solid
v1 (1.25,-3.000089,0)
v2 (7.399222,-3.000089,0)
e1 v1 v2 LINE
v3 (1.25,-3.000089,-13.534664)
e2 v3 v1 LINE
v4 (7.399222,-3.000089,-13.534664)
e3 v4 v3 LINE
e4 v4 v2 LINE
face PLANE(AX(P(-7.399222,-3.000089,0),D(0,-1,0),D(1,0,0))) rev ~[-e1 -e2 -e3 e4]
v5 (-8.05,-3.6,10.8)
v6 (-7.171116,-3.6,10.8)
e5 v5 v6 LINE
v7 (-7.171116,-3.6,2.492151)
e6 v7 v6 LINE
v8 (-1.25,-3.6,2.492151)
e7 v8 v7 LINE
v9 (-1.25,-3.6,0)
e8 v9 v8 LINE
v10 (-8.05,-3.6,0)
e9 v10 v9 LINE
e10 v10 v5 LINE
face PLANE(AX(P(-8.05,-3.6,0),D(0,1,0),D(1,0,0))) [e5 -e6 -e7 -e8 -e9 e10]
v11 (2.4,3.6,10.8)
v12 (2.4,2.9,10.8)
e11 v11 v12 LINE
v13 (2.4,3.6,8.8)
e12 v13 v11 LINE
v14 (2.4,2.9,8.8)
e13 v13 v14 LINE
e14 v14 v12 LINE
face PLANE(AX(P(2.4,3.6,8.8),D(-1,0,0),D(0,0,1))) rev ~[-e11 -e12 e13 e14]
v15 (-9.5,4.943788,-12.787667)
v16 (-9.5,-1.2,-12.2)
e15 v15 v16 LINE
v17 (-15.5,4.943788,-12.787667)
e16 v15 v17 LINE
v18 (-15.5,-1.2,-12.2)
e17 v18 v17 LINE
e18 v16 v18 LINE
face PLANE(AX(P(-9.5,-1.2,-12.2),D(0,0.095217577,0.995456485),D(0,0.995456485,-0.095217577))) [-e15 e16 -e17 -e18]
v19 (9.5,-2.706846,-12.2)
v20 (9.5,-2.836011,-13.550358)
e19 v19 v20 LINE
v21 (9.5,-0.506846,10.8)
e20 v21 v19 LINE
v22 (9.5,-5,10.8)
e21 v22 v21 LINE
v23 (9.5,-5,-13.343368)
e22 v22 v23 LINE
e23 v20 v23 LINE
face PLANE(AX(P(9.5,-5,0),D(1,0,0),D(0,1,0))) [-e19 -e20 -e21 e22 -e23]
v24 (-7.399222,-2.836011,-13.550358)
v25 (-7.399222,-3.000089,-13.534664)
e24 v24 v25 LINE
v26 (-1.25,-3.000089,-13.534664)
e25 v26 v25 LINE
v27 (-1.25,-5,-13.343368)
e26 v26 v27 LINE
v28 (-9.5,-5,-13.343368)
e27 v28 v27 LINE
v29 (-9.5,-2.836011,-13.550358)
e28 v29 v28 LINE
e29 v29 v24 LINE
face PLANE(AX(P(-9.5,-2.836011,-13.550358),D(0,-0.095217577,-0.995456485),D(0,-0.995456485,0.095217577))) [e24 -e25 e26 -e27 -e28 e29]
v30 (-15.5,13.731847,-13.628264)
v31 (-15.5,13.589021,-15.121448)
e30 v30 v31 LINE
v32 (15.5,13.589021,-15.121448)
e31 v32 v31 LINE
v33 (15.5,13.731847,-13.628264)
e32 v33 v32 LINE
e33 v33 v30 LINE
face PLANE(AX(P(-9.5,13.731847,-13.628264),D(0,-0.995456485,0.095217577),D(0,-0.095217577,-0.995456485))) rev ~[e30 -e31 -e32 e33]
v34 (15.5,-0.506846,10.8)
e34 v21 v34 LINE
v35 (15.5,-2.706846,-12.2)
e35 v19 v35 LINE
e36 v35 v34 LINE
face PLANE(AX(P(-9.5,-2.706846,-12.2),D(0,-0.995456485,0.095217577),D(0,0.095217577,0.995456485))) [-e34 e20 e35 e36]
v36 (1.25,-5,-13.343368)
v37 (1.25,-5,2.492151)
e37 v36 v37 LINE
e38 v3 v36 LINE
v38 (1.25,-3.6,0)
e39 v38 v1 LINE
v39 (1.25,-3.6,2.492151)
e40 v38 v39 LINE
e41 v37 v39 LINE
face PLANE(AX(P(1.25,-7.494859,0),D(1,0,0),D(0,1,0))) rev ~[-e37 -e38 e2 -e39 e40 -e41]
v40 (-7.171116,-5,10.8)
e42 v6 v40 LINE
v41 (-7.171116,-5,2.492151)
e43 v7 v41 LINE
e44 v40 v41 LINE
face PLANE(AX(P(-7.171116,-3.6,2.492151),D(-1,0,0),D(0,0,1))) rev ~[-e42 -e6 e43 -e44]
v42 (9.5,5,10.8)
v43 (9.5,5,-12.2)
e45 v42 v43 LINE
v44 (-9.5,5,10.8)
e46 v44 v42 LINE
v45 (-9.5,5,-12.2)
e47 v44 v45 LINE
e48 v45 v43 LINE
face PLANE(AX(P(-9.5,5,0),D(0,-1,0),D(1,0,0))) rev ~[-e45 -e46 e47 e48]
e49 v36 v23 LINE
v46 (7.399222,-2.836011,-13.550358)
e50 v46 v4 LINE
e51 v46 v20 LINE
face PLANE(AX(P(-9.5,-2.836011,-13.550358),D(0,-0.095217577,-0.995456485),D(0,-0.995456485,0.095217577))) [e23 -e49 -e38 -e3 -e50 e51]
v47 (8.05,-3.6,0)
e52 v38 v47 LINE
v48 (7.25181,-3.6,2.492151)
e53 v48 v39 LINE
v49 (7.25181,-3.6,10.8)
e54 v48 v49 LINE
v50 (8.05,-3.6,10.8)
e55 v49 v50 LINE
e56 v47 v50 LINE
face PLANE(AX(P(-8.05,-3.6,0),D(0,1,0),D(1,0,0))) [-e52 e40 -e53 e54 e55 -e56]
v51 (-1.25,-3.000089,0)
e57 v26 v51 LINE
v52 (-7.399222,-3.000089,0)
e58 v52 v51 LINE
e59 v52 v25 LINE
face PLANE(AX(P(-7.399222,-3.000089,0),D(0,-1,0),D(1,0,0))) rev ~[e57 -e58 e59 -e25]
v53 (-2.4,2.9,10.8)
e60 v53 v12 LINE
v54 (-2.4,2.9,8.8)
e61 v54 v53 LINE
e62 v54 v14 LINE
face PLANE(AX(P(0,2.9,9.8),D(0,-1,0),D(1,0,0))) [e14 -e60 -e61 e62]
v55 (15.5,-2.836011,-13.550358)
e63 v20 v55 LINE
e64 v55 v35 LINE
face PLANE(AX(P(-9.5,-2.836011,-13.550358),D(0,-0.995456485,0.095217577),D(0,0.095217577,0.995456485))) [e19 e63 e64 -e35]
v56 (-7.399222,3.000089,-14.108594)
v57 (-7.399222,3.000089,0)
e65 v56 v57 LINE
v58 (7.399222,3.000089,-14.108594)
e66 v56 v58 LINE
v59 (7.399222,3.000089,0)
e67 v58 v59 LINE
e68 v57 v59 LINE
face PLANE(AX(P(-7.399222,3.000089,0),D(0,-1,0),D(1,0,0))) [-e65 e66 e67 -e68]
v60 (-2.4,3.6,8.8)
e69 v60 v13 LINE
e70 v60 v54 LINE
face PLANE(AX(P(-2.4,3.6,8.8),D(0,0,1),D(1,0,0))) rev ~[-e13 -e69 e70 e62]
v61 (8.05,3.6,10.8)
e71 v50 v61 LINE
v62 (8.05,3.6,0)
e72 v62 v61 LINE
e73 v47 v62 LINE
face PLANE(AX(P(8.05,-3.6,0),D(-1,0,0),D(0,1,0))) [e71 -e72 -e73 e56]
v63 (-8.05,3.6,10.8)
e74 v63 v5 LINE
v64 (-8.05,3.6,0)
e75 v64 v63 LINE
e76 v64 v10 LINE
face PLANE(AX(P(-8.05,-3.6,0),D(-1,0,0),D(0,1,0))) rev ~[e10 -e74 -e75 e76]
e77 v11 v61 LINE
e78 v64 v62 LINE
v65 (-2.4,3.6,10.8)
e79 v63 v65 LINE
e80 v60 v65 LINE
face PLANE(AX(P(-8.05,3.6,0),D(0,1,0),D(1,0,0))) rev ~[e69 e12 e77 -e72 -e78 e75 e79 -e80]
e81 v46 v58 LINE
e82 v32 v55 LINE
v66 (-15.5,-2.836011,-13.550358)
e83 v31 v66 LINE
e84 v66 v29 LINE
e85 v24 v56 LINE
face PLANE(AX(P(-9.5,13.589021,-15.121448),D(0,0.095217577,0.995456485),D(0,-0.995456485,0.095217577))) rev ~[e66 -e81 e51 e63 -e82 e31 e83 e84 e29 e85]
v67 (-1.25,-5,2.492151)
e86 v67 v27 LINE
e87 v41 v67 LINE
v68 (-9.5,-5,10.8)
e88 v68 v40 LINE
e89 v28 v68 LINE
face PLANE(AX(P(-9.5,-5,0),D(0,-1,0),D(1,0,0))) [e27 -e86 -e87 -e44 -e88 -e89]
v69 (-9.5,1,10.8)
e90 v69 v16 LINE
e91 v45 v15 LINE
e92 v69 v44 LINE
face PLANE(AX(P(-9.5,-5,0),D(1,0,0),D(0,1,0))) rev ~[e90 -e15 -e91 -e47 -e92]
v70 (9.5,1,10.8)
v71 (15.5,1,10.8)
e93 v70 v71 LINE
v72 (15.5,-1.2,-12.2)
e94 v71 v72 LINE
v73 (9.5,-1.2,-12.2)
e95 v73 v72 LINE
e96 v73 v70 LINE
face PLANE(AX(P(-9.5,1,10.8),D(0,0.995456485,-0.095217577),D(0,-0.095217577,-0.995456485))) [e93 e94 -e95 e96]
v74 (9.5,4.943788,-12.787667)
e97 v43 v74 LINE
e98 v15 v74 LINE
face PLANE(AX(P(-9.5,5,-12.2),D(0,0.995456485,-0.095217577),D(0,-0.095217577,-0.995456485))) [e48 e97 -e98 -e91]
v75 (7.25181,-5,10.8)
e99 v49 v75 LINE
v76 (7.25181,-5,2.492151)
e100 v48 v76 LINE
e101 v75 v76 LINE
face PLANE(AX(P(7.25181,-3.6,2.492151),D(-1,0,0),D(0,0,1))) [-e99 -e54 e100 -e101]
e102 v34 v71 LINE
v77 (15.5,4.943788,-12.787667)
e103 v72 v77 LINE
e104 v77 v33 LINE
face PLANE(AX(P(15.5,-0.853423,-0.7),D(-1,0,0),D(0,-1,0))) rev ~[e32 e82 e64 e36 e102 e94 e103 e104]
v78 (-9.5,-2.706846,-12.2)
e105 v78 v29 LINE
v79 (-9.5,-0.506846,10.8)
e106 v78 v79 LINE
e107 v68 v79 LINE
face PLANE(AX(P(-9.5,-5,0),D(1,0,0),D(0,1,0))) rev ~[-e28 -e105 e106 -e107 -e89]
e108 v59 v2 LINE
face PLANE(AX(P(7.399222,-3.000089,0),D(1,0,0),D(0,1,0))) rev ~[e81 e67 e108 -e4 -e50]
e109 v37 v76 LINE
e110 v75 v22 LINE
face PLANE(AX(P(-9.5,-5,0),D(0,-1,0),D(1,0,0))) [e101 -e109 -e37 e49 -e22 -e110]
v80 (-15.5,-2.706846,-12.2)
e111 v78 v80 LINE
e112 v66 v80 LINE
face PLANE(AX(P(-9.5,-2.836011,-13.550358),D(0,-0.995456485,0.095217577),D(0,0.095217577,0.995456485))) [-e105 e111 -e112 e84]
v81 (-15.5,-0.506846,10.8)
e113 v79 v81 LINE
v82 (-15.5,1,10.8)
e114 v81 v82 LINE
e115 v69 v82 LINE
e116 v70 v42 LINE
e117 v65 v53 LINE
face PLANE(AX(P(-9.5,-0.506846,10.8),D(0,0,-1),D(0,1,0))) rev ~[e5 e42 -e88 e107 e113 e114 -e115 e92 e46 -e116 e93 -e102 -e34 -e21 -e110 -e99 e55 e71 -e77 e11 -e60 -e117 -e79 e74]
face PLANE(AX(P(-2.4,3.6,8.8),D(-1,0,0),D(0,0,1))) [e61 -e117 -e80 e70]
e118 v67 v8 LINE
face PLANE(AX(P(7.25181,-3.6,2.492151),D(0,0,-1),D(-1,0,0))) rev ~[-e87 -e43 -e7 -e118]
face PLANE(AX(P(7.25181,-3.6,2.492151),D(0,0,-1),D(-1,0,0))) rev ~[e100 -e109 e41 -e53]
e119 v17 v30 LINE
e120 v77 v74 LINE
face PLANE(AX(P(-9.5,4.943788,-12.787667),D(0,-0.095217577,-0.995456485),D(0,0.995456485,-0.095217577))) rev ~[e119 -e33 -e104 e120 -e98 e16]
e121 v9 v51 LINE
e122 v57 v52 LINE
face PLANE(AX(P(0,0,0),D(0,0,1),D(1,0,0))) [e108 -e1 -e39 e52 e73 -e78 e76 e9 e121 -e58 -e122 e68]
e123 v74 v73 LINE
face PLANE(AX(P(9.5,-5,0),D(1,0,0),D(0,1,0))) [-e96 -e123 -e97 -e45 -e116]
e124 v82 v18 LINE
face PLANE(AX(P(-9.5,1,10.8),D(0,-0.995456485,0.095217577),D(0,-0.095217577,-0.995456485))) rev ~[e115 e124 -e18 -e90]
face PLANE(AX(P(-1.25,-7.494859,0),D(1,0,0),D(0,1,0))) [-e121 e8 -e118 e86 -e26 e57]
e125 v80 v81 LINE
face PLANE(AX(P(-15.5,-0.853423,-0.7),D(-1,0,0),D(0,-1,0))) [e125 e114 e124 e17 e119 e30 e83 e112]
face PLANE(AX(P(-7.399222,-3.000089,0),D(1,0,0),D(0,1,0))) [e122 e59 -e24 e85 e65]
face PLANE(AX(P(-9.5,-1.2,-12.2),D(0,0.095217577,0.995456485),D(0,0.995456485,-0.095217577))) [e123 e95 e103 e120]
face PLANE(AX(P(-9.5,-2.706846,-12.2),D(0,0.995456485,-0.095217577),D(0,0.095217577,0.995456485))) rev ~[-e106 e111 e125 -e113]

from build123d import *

# Parameters (mm, degrees)
F0_W           = 19
F0_H           = 10
F0_W_2         = 16.1
F0_H_2         = 7.2
F1_DEPTH       = 10.8
F0_W_3         = 14.7984437644
F0_H_3         = 6.0001779348
F2_DEPTH       = 12.2
F4_DEPTH       = 6
F4_DEPTH_BACK  = 25
F5_DEPTH       = 19
F6_DEPTH       = 15.1224483792
F7_DEPTH       = 25
F8_W           = 14.4229265861
F8_H           = 8.3078492425
F9_DEPTH       = 25
F10_W          = 4.8
F10_H          = 2
F11_DEPTH      = 0.7
F12_W          = 2.5
F12_H          = 5
F13_DEPTH      = 25
F13_DEPTH_BACK = 25


with BuildPart() as f1:
    # F0 (on Top) → F1 (new body)
    with BuildSketch(Plane.XY):
        Rectangle(F0_W, F0_H)
        Rectangle(F0_W_2, F0_H_2, mode=Mode.SUBTRACT)
    extrude(amount=F1_DEPTH)

    # F0 (on Top) → F2 (join)
    with BuildSketch(Plane.XY):
        Rectangle(F0_W, F0_H)
        Rectangle(F0_W_2, F0_H_2, mode=Mode.SUBTRACT)
        Rectangle(F0_W_2, F0_H_2)
        Rectangle(F0_W_3, F0_H_3, mode=Mode.SUBTRACT)
    extrude(amount=-F2_DEPTH)

    # F3 (on face) → F4 (join, two sides)
    with BuildSketch(Plane(origin=(-9.5, 0, 0), x_dir=(0, -1, 0), z_dir=(-1, 0, 0))) as f4_sk:
        Polygon((0.4931847272, 10.8), (-1, 10.8), (1.2, -12.2), (2.7068463795, -12.2), (0.5068463795, 10.8), align=None)
        Polygon((2.7068463795, -12.2), (1.2, -12.2), (-4.943788401, -12.7876667166), (-13.7318472715, -13.6282636521), (-13.5890209063, -15.1214483792), (2.8360110924, -13.5503583619), align=None)
    extrude(amount=F4_DEPTH)
    extrude(f4_sk.sketch, amount=-F4_DEPTH_BACK)

    # F3 (on face) → F5 (join)
    with BuildSketch(Plane(origin=(-9.5, 0, 0), x_dir=(0, -1, 0), z_dir=(-1, 0, 0))):
        Polygon((-4.943788401, -12.7876667166), (1.2, -12.2), (-5, -12.2), align=None)
        Polygon((5, -12.2), (2.7068463795, -12.2), (2.8360110924, -13.5503583619), (5, -13.3433681186), align=None)
    extrude(amount=-F5_DEPTH)

    # F0 (on Top) → F6 (cut, through all)
    with BuildSketch(Plane.XY):
        Rectangle(F0_W_3, F0_H_3)
    extrude(amount=-F6_DEPTH, mode=Mode.SUBTRACT)

    # F0 (on Top) → F7 (cut)
    with BuildSketch(Plane.XY):
        Rectangle(F0_W_2, F0_H_2)
        Rectangle(F0_W_3, F0_H_3, mode=Mode.SUBTRACT)
        Rectangle(F0_W_3, F0_H_3)
    extrude(amount=F7_DEPTH, mode=Mode.SUBTRACT)

    # F8 (on face) → F9 (cut)
    with BuildSketch(Plane(origin=(0, -3.6, 0), x_dir=(-1, 0, 0), z_dir=(0, 1, 0))):
        with Locations((-0.0403469894, 6.6460753787)):
            Rectangle(F8_W, F8_H)
    extrude(amount=-F9_DEPTH, mode=Mode.SUBTRACT)

    # F10 (on face) → F11 (join)
    with BuildSketch(Plane.XZ.offset(-3.6)):
        with Locations((0, 9.8)):
            Rectangle(F10_W, F10_H)
    extrude(amount=F11_DEPTH)

    # F12 (on Top) → F13 (cut, two sides)
    with BuildSketch(Plane.XY) as f13_sk:
        with Locations((0, -4.9948594533)):
            Rectangle(F12_W, F12_H)
    extrude(amount=-F13_DEPTH, mode=Mode.SUBTRACT)
    extrude(f13_sk.sketch, amount=F13_DEPTH_BACK, mode=Mode.SUBTRACT)


solid = f1.part
